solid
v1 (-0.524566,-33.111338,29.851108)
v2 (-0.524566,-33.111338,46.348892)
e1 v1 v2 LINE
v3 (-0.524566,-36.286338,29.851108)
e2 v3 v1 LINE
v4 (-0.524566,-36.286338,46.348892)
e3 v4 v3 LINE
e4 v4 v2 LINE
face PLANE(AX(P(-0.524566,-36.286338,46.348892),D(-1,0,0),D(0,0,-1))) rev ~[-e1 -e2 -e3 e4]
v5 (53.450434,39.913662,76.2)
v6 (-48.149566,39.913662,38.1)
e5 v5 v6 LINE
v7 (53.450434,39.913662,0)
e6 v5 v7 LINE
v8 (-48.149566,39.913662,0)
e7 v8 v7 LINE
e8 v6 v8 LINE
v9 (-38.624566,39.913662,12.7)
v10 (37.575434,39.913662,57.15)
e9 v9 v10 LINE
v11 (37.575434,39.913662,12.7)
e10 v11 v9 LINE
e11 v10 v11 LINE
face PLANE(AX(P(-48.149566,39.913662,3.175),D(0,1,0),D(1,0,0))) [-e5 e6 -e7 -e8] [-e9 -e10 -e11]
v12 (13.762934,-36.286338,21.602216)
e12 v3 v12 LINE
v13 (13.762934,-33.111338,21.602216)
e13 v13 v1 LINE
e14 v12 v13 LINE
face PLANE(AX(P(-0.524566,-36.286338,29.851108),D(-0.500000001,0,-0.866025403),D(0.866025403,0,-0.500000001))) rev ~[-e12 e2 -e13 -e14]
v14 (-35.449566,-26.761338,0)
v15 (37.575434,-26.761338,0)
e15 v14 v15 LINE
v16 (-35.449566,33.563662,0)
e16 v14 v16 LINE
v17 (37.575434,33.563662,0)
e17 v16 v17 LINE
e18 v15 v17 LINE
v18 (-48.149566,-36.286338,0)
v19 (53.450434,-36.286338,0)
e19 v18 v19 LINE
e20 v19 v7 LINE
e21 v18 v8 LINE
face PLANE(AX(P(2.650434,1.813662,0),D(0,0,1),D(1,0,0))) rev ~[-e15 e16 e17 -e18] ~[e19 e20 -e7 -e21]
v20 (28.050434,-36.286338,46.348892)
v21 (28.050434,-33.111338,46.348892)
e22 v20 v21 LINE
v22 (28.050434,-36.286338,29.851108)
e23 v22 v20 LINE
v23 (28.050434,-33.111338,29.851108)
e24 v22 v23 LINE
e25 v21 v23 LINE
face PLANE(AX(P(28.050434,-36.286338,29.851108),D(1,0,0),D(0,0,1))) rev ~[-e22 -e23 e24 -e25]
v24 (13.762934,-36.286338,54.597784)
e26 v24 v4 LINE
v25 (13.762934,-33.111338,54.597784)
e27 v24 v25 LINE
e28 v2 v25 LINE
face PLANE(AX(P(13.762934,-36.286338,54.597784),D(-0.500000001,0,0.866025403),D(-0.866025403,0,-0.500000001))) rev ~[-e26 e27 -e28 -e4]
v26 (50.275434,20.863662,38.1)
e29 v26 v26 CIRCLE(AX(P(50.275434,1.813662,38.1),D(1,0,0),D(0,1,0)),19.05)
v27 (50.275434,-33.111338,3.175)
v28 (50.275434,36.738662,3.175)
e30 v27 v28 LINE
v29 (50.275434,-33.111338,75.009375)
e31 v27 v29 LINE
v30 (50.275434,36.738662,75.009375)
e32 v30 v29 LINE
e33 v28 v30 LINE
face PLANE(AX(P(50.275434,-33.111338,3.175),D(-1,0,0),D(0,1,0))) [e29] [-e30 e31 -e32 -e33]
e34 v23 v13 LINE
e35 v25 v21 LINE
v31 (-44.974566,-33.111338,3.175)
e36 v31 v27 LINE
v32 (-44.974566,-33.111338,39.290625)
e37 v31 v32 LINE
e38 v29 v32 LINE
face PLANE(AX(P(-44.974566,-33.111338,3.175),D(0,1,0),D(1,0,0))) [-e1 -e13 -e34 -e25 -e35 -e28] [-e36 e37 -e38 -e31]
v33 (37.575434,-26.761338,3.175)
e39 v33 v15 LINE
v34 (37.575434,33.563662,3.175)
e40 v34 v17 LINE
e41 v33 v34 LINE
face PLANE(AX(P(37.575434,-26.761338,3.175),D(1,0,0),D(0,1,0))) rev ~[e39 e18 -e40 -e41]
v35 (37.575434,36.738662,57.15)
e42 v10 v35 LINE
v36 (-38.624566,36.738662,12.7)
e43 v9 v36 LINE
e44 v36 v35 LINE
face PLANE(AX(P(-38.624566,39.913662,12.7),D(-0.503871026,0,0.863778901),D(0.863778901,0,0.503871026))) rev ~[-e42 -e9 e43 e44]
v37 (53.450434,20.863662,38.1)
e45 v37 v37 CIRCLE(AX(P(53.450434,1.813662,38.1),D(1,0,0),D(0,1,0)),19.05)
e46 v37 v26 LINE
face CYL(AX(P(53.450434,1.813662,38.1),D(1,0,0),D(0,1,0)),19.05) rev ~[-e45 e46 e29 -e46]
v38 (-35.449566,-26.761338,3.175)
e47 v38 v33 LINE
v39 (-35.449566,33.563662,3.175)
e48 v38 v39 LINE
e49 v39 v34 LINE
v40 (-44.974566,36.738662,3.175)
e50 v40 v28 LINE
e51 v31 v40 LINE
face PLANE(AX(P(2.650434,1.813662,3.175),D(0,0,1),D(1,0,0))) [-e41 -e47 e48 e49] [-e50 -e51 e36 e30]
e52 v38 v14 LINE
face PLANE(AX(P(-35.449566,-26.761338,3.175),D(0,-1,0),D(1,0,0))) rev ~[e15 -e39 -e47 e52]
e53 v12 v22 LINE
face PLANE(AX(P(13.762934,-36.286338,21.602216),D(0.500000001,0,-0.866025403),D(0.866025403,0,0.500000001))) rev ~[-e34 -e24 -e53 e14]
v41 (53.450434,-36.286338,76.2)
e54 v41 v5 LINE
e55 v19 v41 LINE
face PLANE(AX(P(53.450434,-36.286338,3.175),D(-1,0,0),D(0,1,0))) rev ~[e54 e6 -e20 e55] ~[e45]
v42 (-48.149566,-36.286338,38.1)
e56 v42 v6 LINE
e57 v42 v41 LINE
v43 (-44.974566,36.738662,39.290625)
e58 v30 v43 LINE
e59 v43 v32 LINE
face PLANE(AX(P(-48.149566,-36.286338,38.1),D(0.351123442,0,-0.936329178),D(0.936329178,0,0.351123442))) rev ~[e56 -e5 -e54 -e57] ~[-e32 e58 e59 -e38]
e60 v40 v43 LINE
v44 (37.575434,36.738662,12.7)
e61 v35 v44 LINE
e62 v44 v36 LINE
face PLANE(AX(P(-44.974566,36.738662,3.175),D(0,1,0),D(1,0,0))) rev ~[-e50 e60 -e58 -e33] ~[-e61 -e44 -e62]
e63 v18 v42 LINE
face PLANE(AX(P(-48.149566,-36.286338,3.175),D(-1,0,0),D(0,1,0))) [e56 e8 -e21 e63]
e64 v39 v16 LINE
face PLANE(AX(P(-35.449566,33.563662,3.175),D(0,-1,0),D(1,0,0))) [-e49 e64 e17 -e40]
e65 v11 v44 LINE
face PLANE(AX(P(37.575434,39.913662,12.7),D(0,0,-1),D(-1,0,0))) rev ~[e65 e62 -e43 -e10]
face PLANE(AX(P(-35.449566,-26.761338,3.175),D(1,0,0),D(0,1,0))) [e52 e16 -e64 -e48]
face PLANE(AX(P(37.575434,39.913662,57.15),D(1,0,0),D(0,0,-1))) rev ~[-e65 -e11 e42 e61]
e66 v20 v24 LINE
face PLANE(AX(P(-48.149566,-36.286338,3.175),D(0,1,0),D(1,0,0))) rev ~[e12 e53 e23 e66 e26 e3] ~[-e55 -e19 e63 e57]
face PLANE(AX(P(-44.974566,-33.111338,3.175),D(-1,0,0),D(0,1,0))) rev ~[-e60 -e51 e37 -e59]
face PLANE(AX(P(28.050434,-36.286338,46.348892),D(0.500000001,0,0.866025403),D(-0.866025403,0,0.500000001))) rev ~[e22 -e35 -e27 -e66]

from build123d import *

# Parameters (mm, degrees)
F0_W      = 101.6
F0_H      = 76.2
F1_DEPTH  = 3.175
F2_W      = 101.6
F2_H      = 76.2
F2_W_2    = 95.25
F2_H_2    = 69.85
F3_DEPTH  = 73.025
F5_DEPTH  = 76.201
F6_R      = 19.05
F7_DEPTH  = 25.4
F8_W      = 73.025
F8_H      = 60.325
F9_DEPTH  = 3.176
F11_DEPTH = 25.4
F13_DEPTH = 25.4


with BuildPart() as f1:
    # F0 (on Top) → F1 (new body)
    with BuildSketch(Plane.XY):
        with Locations((2.650434, 1.813662)):
            Rectangle(F0_W, F0_H)
    extrude(amount=F1_DEPTH)

    # F2 (on face) → F3 (join)
    with BuildSketch(Plane.XY.offset(3.175)):
        with Locations((2.650434, 1.813662)):
            Rectangle(F2_W, F2_H)
        with Locations((2.650434, 1.813662)):
            Rectangle(F2_W_2, F2_H_2, mode=Mode.SUBTRACT)
    extrude(amount=F3_DEPTH)

    # F4 (on face) → F5 (cut, through all)
    with BuildSketch(Plane.XZ.offset(36.286338)):
        Polygon((-48.149566, 76.2), (-48.149566, 38.1), (53.450434, 76.2), align=None)
    extrude(amount=-F5_DEPTH, mode=Mode.SUBTRACT)

    # F6 (on face) → F7 (cut)
    with BuildSketch(Plane.YZ.offset(53.450434)):
        with Locations((1.813662, 38.1)):
            Circle(F6_R)
    extrude(amount=-F7_DEPTH, mode=Mode.SUBTRACT)

    # F8 (on face) → F9 (cut, through all)
    with BuildSketch(Plane.XY.offset(3.175)):
        with Locations((1.062934, 3.401162)):
            Rectangle(F8_W, F8_H)
    extrude(amount=-F9_DEPTH, mode=Mode.SUBTRACT)

    # F10 (on face) → F11 (cut)
    with BuildSketch(Plane.XZ.offset(36.286338)):
        Polygon((28.050434, 29.851108), (28.050434, 46.348892), (13.762934, 54.597784), (-0.524566, 46.348892), (-0.524566, 29.851108), (13.762934, 21.602216), align=None)
    extrude(amount=-F11_DEPTH, mode=Mode.SUBTRACT)

    # F12 (on face) → F13 (cut)
    with BuildSketch(Plane(origin=(0, 39.913662, 0), x_dir=(-1, 0, 0), z_dir=(0, 1, 0))):
        Polygon((38.624566, 12.7), (-37.575434, 57.15), (-37.575434, 12.7), align=None)
    extrude(amount=-F13_DEPTH, mode=Mode.SUBTRACT)


solid = f1.part
